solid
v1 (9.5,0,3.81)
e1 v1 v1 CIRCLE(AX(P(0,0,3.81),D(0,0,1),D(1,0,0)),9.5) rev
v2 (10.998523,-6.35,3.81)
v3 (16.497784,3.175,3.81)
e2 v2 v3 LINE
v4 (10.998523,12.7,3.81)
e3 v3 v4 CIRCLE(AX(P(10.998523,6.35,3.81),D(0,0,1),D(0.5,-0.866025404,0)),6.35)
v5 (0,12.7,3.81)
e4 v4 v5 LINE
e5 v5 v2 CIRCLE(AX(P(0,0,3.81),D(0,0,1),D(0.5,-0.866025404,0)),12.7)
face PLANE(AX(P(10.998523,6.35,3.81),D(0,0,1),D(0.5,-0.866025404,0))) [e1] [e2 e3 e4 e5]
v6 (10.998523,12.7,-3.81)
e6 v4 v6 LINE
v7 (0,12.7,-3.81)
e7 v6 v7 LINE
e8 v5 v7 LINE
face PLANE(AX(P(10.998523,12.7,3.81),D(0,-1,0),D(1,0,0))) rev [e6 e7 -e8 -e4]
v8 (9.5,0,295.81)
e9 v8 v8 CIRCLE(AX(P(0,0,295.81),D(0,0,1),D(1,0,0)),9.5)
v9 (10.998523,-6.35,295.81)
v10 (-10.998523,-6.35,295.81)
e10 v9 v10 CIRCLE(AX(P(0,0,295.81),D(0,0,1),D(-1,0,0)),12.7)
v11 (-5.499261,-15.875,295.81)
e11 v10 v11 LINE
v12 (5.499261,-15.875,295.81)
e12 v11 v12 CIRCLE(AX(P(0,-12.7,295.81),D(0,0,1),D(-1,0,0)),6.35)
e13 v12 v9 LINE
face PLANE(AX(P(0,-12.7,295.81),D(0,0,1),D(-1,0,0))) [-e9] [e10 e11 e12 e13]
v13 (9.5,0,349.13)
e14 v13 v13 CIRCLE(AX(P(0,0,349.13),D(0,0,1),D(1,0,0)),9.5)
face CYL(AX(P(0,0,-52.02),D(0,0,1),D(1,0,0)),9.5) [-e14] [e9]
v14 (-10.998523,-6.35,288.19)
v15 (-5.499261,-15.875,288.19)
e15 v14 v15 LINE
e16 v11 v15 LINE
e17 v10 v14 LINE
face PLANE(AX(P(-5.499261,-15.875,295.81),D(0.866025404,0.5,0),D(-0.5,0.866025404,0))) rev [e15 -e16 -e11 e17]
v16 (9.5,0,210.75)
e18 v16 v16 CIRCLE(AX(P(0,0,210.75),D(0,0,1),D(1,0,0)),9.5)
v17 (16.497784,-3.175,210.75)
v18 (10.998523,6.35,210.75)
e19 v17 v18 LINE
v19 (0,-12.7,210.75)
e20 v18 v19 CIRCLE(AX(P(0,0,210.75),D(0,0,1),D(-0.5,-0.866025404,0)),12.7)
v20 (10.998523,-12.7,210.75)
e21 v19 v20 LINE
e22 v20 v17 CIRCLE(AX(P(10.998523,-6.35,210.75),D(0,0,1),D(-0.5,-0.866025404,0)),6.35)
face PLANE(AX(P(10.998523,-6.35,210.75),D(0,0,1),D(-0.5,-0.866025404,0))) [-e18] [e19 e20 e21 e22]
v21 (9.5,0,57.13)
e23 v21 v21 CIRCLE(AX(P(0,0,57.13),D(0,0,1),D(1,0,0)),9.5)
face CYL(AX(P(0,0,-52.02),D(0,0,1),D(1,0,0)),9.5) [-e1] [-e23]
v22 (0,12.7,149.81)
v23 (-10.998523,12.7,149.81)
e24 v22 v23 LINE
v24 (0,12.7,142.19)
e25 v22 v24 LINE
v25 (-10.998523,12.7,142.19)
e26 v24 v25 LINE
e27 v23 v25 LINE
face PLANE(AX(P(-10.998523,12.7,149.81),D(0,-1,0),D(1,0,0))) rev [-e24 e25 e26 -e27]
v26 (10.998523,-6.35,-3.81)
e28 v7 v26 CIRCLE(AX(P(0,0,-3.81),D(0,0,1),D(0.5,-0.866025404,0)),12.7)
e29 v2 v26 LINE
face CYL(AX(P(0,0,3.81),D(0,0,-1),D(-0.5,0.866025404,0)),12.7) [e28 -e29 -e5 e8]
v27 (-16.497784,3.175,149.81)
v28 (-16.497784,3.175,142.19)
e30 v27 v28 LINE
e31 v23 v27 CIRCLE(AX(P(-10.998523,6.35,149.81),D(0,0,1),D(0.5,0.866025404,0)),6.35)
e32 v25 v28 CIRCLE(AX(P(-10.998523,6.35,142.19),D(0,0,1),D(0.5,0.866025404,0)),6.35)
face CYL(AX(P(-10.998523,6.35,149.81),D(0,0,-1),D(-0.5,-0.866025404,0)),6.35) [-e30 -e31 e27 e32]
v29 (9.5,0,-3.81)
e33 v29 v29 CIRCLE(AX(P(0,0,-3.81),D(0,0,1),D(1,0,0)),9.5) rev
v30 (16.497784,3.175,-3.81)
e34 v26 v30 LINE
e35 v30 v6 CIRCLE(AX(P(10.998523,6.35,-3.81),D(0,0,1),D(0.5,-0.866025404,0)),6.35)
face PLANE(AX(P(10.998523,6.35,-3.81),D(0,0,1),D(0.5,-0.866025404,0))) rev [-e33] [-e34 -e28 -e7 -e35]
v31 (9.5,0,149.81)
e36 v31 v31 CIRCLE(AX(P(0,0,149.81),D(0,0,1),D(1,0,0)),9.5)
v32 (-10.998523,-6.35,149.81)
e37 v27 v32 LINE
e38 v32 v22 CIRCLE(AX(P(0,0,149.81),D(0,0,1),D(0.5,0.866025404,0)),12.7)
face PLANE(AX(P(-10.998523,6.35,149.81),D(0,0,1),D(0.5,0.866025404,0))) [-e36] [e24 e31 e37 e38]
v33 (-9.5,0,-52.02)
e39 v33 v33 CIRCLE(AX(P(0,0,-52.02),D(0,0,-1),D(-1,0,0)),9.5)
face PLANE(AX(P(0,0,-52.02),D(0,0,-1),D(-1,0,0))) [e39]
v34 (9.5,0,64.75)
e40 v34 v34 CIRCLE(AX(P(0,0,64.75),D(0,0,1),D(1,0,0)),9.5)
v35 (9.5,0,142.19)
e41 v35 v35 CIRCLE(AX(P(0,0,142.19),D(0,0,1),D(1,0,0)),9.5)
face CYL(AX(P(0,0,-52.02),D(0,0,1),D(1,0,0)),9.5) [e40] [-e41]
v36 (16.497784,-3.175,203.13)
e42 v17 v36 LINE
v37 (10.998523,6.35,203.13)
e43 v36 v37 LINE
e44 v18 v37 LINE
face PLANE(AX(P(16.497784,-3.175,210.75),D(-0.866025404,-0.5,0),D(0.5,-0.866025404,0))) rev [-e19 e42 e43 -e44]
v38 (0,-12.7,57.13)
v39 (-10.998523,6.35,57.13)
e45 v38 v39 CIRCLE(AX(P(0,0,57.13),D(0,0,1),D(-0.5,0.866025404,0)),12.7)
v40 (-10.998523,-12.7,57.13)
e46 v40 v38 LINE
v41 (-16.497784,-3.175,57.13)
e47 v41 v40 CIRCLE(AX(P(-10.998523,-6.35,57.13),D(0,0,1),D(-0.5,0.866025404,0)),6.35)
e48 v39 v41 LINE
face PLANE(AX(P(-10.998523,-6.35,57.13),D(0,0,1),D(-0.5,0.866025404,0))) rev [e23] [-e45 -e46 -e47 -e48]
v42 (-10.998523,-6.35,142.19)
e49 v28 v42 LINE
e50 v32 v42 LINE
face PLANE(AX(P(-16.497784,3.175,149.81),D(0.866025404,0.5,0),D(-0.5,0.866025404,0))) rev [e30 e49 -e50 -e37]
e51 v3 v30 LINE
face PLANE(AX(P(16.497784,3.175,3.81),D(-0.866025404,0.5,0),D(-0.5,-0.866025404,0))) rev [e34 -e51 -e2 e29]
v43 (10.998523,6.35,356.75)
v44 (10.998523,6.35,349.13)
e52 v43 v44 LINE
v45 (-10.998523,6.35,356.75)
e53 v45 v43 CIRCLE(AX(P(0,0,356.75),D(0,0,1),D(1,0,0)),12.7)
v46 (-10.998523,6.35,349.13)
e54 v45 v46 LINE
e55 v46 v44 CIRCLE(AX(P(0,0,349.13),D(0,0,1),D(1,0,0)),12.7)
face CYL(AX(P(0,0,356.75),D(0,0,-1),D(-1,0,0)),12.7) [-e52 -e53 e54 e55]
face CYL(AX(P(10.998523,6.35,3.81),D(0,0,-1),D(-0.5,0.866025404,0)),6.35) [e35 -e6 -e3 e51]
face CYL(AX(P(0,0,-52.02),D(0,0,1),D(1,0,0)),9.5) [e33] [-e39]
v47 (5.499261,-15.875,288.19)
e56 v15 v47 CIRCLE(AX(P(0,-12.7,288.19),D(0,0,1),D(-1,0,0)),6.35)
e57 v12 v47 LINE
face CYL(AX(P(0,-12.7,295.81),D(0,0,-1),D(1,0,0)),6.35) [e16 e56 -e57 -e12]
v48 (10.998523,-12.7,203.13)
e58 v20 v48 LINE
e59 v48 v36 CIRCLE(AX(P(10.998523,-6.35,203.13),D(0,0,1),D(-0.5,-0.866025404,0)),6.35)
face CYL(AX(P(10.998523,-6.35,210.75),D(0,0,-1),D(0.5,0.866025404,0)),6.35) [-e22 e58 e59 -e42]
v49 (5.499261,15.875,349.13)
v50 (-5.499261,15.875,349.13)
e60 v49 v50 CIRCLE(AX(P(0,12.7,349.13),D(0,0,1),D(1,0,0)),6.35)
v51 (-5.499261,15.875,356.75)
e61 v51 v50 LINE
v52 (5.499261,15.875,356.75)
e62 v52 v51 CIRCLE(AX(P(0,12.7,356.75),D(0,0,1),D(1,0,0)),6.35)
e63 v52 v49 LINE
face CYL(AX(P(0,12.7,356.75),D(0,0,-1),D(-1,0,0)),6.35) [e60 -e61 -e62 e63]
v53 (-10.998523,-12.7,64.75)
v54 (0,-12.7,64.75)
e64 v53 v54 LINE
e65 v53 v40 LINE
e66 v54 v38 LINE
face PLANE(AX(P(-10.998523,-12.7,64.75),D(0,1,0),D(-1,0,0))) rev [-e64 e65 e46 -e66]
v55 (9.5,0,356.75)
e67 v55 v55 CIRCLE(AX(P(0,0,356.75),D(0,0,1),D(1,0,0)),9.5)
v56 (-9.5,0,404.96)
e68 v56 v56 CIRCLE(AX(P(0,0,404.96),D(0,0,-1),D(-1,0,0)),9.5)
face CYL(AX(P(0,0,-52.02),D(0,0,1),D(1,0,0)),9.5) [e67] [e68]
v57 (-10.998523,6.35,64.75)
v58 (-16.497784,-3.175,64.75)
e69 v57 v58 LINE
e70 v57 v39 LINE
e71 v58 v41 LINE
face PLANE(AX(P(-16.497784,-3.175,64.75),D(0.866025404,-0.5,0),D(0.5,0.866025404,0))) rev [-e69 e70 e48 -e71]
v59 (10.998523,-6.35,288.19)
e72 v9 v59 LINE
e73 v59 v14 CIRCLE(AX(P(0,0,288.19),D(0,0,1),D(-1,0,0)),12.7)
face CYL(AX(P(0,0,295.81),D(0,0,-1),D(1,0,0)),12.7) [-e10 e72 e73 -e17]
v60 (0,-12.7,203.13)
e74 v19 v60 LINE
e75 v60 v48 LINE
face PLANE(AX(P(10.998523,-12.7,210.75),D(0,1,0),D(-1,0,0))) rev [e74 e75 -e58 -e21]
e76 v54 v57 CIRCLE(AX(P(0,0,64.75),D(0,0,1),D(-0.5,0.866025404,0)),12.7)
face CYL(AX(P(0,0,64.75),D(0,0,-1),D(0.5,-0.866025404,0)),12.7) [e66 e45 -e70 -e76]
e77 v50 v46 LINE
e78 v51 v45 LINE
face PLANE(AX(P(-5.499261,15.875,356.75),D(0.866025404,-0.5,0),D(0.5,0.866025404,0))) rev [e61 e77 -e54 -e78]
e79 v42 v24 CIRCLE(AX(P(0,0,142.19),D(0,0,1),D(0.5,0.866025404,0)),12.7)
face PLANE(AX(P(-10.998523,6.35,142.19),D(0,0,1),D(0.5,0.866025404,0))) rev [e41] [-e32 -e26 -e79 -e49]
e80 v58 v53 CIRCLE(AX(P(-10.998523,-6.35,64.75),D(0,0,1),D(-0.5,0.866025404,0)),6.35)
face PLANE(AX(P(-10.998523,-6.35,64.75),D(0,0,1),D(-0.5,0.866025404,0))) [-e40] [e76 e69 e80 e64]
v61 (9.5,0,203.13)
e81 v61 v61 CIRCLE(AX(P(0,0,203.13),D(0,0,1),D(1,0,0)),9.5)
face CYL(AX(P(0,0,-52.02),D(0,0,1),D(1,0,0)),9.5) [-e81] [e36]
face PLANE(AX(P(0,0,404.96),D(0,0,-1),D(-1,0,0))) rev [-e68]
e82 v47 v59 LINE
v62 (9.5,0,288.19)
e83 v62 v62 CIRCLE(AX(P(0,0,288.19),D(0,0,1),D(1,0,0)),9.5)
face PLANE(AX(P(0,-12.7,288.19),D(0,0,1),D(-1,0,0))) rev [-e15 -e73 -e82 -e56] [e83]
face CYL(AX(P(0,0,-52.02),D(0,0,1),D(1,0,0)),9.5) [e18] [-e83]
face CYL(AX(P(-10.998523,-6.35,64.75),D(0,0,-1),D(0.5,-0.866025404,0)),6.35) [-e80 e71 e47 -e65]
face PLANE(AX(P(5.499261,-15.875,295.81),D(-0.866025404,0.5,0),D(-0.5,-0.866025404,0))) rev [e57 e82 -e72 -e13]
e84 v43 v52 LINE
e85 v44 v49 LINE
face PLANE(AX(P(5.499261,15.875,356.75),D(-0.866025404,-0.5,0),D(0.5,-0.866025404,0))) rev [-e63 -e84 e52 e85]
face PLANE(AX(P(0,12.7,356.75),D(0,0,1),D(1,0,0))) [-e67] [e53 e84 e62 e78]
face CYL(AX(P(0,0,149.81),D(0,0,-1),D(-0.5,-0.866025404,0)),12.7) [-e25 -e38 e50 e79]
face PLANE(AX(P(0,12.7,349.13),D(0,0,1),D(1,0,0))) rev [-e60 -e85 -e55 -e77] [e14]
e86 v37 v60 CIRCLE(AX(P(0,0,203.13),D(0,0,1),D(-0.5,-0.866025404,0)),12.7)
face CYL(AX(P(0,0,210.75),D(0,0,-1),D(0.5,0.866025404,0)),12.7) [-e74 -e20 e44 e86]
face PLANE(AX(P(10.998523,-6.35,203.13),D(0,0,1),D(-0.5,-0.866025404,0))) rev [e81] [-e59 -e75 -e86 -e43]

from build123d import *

# Parameters (mm, degrees)
BOSS_EXTRUDE1_DEPTH   = 3.81
LPATTERN1_COUNT       = 2
LPATTERN1_PITCH       = 60.94
LPATTERN2_COUNT       = 2
LPATTERN2_PITCH       = 85.06
LPATTERN3_COUNT       = 2
LPATTERN3_PITCH       = 60.94
LPATTERN5_COUNT       = 2
LPATTERN5_PITCH       = 85.06
LPATTERN6_COUNT       = 2
LPATTERN6_PITCH       = 60.94
BODY_MOVE_COPY1_ANGLE = 180
BODY_MOVE_COPY2_ANGLE = 120
BODY_MOVE_COPY3_ANGLE = 120
SKETCH2_R             = 9.5
BOSS_EXTRUDE2_DEPTH   = 228.49


with BuildPart() as part:
    # Sketch1 → Boss-Extrude1 (new, symmetric)
    with BuildSketch(Plane.XY):
        with BuildLine():
            Line((5.499261314, 15.875), (10.998522628, 6.35))
            ThreePointArc((10.998522628, 6.35), (0, -12.7), (-10.998522628, 6.35))
            Line((-10.998522628, 6.35), (-5.499261314, 15.875))
            ThreePointArc((-5.499261314, 15.875), (0, 19.05), (5.499261314, 15.875))
        make_face()
    extrude(amount=BOSS_EXTRUDE1_DEPTH, both=True)


with BuildPart() as lpattern1_1:
    # LPattern1: pattern copy
    add(part.part.moved(Location(Vector(0, 0, 1) * (1 * LPATTERN1_PITCH))))


with BuildPart() as lpattern2_1:
    # LPattern2: pattern copy
    add(lpattern1_1.part.moved(Location(Vector(0, 0, 1) * (1 * LPATTERN2_PITCH))))


with BuildPart() as lpattern3_1:
    # LPattern3: pattern copy
    add(lpattern2_1.part.moved(Location(Vector(0, 0, 1) * (1 * LPATTERN3_PITCH))))


with BuildPart() as lpattern5_1:
    # LPattern5: pattern copy
    add(lpattern3_1.part.moved(Location(Vector(0, 0, 1) * (1 * LPATTERN5_PITCH))))


with BuildPart() as lpattern6_1:
    # LPattern6: pattern copy
    add(lpattern5_1.part.moved(Location(Vector(0, 0, 1) * (1 * LPATTERN6_PITCH))))


with BuildPart() as lpattern5_1_1:
    # Body-Move/Copy1: moved
    add(lpattern5_1.part.rotate(Axis((0, 0, 0), (0, 0, 1)), BODY_MOVE_COPY1_ANGLE))


with BuildPart() as lpattern2_1_1:
    # Body-Move/Copy1: moved
    add(lpattern2_1.part.rotate(Axis((0, 0, 0), (0, 0, 1)), BODY_MOVE_COPY1_ANGLE))


with BuildPart() as part_1:
    # Body-Move/Copy1: moved
    add(part.part.rotate(Axis((0, 0, 0), (0, 0, 1)), BODY_MOVE_COPY1_ANGLE))


with BuildPart() as lpattern3_1_1:
    # Body-Move/Copy2: moved
    add(lpattern3_1.part.rotate(Axis((0, 0, 0), (0, 0, -1)), BODY_MOVE_COPY2_ANGLE))


with BuildPart() as lpattern2_1_2:
    # Body-Move/Copy2: moved
    add(lpattern2_1_1.part.rotate(Axis((0, 0, 0), (0, 0, -1)), BODY_MOVE_COPY2_ANGLE))


with BuildPart() as lpattern1_1_1:
    # Body-Move/Copy3: moved
    add(lpattern1_1.part.rotate(Axis((0, 0, 0), (0, 0, 1)), BODY_MOVE_COPY3_ANGLE))


with BuildPart() as part_2:
    # Body-Move/Copy3: moved
    add(part_1.part.rotate(Axis((0, 0, 0), (0, 0, 1)), BODY_MOVE_COPY3_ANGLE))


    add(lpattern1_1_1.part)  # Boss-Extrude2 merges LPattern1_1

    add(lpattern2_1_2.part)  # Boss-Extrude2 merges LPattern2_1

    add(lpattern3_1_1.part)  # Boss-Extrude2 merges LPattern3_1

    add(lpattern5_1_1.part)  # Boss-Extrude2 merges LPattern5_1

    add(lpattern6_1.part)  # Boss-Extrude2 merges LPattern6_1
    # Sketch2 → Boss-Extrude2 (add, symmetric)
    with BuildSketch(Plane(origin=(0, 0, 176.47), x_dir=(-1, 0, 0), z_dir=(0, 0, -1))):
        Circle(SKETCH2_R)
    extrude(amount=BOSS_EXTRUDE2_DEPTH, both=True)


solid = part_2.part
